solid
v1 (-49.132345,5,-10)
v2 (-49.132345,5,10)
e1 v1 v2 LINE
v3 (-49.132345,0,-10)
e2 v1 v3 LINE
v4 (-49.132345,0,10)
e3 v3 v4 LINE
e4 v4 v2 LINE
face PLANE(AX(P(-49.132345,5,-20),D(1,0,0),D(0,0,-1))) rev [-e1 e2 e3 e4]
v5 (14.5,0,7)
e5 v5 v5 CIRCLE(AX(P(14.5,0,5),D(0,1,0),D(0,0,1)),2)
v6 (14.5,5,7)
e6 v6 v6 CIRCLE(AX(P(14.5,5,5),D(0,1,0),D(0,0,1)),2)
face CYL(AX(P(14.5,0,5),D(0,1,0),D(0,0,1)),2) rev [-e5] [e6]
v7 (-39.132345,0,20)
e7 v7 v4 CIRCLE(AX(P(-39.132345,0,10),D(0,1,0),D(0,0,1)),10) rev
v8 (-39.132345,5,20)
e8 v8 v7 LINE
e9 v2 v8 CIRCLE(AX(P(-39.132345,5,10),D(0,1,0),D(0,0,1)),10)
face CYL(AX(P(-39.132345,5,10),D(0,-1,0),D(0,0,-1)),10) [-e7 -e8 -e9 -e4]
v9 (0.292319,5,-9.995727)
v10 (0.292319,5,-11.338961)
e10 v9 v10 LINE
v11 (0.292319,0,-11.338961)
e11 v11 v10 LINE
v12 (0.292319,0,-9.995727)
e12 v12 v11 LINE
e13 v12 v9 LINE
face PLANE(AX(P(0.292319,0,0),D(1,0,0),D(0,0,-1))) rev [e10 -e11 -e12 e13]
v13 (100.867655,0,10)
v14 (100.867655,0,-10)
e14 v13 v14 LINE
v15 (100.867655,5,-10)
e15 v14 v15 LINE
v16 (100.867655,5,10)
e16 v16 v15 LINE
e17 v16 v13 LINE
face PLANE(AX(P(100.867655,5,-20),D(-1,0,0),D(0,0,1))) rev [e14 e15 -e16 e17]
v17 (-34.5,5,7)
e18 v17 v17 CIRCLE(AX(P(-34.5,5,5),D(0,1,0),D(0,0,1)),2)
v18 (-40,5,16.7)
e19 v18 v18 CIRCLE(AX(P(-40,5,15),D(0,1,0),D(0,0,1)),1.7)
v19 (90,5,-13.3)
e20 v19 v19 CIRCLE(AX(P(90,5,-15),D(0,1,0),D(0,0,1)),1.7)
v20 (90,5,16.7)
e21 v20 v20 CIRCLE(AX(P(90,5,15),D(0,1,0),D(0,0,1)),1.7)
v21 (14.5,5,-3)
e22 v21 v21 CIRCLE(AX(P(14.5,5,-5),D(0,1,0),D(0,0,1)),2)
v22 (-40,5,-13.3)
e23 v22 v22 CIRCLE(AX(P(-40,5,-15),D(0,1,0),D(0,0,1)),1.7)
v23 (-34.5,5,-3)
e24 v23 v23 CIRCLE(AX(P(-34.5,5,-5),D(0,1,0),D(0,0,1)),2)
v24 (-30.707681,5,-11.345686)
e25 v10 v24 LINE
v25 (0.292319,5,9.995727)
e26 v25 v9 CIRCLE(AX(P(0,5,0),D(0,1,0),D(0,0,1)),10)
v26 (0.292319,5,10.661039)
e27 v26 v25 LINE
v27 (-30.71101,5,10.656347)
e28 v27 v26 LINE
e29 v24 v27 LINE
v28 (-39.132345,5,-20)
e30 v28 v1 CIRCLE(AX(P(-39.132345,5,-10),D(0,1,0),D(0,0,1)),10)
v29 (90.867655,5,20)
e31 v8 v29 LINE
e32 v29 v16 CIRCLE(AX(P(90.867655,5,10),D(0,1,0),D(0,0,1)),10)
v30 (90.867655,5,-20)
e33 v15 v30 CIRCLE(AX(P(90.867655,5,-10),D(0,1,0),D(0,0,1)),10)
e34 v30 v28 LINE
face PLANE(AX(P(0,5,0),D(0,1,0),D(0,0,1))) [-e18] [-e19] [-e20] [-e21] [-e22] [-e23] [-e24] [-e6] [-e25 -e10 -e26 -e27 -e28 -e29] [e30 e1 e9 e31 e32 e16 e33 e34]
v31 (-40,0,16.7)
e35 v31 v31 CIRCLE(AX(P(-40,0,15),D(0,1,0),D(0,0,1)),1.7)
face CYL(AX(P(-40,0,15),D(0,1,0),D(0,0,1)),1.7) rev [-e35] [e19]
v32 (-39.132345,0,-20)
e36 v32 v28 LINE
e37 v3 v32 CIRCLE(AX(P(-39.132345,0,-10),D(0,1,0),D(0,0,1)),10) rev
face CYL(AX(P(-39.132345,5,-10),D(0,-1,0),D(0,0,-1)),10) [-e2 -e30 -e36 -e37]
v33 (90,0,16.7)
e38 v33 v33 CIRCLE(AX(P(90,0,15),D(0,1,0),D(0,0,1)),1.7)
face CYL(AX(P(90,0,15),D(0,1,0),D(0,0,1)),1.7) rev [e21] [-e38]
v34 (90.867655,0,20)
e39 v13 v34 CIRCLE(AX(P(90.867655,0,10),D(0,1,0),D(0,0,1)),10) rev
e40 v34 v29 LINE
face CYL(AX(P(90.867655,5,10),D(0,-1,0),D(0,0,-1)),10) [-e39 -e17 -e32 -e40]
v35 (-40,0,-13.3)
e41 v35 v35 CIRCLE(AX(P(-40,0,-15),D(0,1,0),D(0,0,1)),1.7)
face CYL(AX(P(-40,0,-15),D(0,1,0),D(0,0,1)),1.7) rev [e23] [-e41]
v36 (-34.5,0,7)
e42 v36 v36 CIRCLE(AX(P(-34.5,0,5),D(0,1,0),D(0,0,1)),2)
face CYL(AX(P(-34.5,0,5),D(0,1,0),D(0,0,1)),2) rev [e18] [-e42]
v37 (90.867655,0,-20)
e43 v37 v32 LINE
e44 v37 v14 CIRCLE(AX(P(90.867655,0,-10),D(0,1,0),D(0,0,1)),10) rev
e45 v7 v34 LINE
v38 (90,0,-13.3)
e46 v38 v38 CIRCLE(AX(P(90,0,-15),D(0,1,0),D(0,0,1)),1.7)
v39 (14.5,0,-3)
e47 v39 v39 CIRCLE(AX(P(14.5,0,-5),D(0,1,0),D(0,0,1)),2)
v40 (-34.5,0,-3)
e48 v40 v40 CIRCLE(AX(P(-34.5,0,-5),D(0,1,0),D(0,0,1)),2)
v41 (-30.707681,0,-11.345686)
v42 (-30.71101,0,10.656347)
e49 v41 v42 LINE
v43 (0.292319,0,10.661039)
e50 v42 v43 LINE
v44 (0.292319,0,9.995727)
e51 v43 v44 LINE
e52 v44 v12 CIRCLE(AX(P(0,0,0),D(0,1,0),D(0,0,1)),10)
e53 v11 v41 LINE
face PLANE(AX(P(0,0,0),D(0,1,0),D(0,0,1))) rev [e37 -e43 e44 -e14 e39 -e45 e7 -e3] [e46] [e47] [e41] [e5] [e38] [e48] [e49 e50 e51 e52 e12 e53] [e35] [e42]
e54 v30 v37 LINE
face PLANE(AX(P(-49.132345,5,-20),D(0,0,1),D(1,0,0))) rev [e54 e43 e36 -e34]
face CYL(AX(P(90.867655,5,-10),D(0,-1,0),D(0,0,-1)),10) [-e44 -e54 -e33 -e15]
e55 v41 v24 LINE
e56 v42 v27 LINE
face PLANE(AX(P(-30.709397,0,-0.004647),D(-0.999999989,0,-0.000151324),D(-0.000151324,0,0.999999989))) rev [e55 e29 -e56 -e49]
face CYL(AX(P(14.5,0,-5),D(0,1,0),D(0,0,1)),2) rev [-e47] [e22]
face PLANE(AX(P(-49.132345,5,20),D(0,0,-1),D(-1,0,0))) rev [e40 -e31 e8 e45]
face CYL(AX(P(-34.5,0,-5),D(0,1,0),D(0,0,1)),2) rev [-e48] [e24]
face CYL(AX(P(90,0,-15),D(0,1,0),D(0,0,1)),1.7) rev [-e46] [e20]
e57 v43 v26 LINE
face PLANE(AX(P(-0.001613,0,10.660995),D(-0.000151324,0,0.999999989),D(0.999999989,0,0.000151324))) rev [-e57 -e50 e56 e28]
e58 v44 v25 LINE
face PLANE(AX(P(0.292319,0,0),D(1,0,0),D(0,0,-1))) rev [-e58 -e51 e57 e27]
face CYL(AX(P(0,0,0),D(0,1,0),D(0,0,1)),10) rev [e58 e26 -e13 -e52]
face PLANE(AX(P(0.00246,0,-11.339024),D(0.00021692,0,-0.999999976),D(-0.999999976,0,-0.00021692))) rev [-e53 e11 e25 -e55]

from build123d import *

# Parameters (mm, degrees)
SKETCH9_W           = 150
SKETCH9_H           = 40
BOSS_EXTRUDE5_DEPTH = 5
SKETCH10_R          = 10
SKETCH10_R_2        = 8
SKETCH10_R_3        = 2
CUT_EXTRUDE5_DEPTH  = 103.952823134
SKETCH11_R          = 1.7
CUT_EXTRUDE6_DEPTH  = 103.952823134
FILLET1_R           = 10


with BuildPart() as part:
    # Sketch9 → Boss-Extrude5 (new body)
    with BuildSketch(Plane(origin=(0, 0, 0), x_dir=(1, 0, 0), z_dir=(0, 1, 0))):
        with Locations((25.867654831, 0)):
            Rectangle(SKETCH9_W, SKETCH9_H)
    extrude(amount=BOSS_EXTRUDE5_DEPTH)

    # Sketch10 → Cut-Extrude5 (cut, through all)
    # profile 1 of 12: a face of its own
    with BuildSketch(Plane(origin=(0, 5, 0), x_dir=(1, 0, 0), z_dir=(0, 1, 0))):
        Circle(SKETCH10_R)
    # profile 2 of 12: a face of its own
    with BuildSketch(Plane(origin=(0, 5, 0), x_dir=(1, 0, 0), z_dir=(0, 1, 0))):
        Polygon((0.292318991, -10.661038996), (0.292318991, 11.338961004), (-30.707681009, 11.345685511), (-30.711010445, -10.656347446), align=None)
        with Locations((-13, 0)):
            Circle(SKETCH10_R_2, mode=Mode.SUBTRACT)
    # profile 3 of 12: a face of its own
    with BuildSketch(Plane(origin=(0, 5, 0), x_dir=(1, 0, 0), z_dir=(0, 1, 0))):
        with BuildLine():
            ThreePointArc((10, 0), (7.173673742, 6.966950914), (0.292318991, 9.995726567))
            Line((0.292318991, 9.995726567), (0.292318991, -9.995726567))
            ThreePointArc((0.292318991, -9.995726567), (7.173673742, -6.966950914), (10, 0))
        make_face()
    # profile 4 of 12: a face of its own
    with BuildSketch(Plane(origin=(0, 5, 0), x_dir=(1, 0, 0), z_dir=(0, 1, 0))):
        with BuildLine():
            Line((0.292318991, -9.995726567), (0.292318991, 9.995726567))
            ThreePointArc((0.292318991, 9.995726567), (-4.255176628, 9.049501194), (-7.884615385, 6.150840612))
            ThreePointArc((-7.884615385, 6.150840612), (-5.756966211, 3.396831102), (-5, 0))
            ThreePointArc((-5, 0), (-5.756966211, -3.396831102), (-7.884615385, -6.150840612))
            ThreePointArc((-7.884615385, -6.150840612), (-4.255176628, -9.049501194), (0.292318991, -9.995726567))
        make_face()
    # profile 5 of 12: a face of its own
    with BuildSketch(Plane(origin=(0, 5, 0), x_dir=(1, 0, 0), z_dir=(0, 1, 0))):
        Circle(SKETCH10_R)
    # profile 6 of 12: a face of its own
    with BuildSketch(Plane(origin=(0, 5, 0), x_dir=(1, 0, 0), z_dir=(0, 1, 0))):
        with Locations((-13, 0)):
            Circle(SKETCH10_R_2)
    # profile 7 of 12: a face of its own
    with BuildSketch(Plane(origin=(0, 5, 0), x_dir=(1, 0, 0), z_dir=(0, 1, 0))):
        Circle(SKETCH10_R)
    # profile 8 of 12: a face of its own
    with BuildSketch(Plane(origin=(0, 5, 0), x_dir=(1, 0, 0), z_dir=(0, 1, 0))):
        with Locations((-13, 0)):
            Circle(SKETCH10_R_2)
    # profile 9 of 12: a face of its own
    with BuildSketch(Plane(origin=(0, 5, 0), x_dir=(1, 0, 0), z_dir=(0, 1, 0))):
        with Locations(Location((14.5, 5, 0), (0, 0, 270))):
            Circle(SKETCH10_R_3)
    # profile 10 of 12: a face of its own
    with BuildSketch(Plane(origin=(0, 5, 0), x_dir=(1, 0, 0), z_dir=(0, 1, 0))):
        with Locations(Location((14.5, -5, 0), (0, 0, 270))):
            Circle(SKETCH10_R_3)
    # profile 11 of 12: a face of its own
    with BuildSketch(Plane(origin=(0, 5, 0), x_dir=(1, 0, 0), z_dir=(0, 1, 0))):
        with Locations(Location((-34.5, 5, 0), (0, 0, 270))):
            Circle(SKETCH10_R_3)
    # profile 12 of 12: a face of its own
    with BuildSketch(Plane(origin=(0, 5, 0), x_dir=(1, 0, 0), z_dir=(0, 1, 0))):
        with Locations(Location((-34.5, -5, 0), (0, 0, 270))):
            Circle(SKETCH10_R_3)
    extrude(amount=-CUT_EXTRUDE5_DEPTH, mode=Mode.SUBTRACT)

    # Sketch11 → Cut-Extrude6 (cut, through all)
    with BuildSketch(Plane(origin=(0, 5, 0), x_dir=(1, 0, 0), z_dir=(0, 1, 0))):
        with Locations(Location((-40, 15, 0), (0, 0, 270))):
            Circle(SKETCH11_R)
        with Locations(Location((90, 15, 0), (0, 0, 270))):
            Circle(SKETCH11_R)
        with Locations(Location((90, -15, 0), (0, 0, 270))):
            Circle(SKETCH11_R)
        with Locations(Location((-40, -15, 0), (0, 0, 270))):
            Circle(SKETCH11_R)
    extrude(amount=-CUT_EXTRUDE6_DEPTH, mode=Mode.SUBTRACT)

    # Fillet1
    fillet1_edges = [part.edges().sort_by_distance(p)[0] for p in [
        (100.867654831, 2.5, 20),
        (-49.132345169, 2.5, 20),
        (-49.132345169, 2.5, -20),
        (100.867654831, 2.5, -20),
    ]]
    fillet(fillet1_edges, radius=FILLET1_R)


solid = part.part
